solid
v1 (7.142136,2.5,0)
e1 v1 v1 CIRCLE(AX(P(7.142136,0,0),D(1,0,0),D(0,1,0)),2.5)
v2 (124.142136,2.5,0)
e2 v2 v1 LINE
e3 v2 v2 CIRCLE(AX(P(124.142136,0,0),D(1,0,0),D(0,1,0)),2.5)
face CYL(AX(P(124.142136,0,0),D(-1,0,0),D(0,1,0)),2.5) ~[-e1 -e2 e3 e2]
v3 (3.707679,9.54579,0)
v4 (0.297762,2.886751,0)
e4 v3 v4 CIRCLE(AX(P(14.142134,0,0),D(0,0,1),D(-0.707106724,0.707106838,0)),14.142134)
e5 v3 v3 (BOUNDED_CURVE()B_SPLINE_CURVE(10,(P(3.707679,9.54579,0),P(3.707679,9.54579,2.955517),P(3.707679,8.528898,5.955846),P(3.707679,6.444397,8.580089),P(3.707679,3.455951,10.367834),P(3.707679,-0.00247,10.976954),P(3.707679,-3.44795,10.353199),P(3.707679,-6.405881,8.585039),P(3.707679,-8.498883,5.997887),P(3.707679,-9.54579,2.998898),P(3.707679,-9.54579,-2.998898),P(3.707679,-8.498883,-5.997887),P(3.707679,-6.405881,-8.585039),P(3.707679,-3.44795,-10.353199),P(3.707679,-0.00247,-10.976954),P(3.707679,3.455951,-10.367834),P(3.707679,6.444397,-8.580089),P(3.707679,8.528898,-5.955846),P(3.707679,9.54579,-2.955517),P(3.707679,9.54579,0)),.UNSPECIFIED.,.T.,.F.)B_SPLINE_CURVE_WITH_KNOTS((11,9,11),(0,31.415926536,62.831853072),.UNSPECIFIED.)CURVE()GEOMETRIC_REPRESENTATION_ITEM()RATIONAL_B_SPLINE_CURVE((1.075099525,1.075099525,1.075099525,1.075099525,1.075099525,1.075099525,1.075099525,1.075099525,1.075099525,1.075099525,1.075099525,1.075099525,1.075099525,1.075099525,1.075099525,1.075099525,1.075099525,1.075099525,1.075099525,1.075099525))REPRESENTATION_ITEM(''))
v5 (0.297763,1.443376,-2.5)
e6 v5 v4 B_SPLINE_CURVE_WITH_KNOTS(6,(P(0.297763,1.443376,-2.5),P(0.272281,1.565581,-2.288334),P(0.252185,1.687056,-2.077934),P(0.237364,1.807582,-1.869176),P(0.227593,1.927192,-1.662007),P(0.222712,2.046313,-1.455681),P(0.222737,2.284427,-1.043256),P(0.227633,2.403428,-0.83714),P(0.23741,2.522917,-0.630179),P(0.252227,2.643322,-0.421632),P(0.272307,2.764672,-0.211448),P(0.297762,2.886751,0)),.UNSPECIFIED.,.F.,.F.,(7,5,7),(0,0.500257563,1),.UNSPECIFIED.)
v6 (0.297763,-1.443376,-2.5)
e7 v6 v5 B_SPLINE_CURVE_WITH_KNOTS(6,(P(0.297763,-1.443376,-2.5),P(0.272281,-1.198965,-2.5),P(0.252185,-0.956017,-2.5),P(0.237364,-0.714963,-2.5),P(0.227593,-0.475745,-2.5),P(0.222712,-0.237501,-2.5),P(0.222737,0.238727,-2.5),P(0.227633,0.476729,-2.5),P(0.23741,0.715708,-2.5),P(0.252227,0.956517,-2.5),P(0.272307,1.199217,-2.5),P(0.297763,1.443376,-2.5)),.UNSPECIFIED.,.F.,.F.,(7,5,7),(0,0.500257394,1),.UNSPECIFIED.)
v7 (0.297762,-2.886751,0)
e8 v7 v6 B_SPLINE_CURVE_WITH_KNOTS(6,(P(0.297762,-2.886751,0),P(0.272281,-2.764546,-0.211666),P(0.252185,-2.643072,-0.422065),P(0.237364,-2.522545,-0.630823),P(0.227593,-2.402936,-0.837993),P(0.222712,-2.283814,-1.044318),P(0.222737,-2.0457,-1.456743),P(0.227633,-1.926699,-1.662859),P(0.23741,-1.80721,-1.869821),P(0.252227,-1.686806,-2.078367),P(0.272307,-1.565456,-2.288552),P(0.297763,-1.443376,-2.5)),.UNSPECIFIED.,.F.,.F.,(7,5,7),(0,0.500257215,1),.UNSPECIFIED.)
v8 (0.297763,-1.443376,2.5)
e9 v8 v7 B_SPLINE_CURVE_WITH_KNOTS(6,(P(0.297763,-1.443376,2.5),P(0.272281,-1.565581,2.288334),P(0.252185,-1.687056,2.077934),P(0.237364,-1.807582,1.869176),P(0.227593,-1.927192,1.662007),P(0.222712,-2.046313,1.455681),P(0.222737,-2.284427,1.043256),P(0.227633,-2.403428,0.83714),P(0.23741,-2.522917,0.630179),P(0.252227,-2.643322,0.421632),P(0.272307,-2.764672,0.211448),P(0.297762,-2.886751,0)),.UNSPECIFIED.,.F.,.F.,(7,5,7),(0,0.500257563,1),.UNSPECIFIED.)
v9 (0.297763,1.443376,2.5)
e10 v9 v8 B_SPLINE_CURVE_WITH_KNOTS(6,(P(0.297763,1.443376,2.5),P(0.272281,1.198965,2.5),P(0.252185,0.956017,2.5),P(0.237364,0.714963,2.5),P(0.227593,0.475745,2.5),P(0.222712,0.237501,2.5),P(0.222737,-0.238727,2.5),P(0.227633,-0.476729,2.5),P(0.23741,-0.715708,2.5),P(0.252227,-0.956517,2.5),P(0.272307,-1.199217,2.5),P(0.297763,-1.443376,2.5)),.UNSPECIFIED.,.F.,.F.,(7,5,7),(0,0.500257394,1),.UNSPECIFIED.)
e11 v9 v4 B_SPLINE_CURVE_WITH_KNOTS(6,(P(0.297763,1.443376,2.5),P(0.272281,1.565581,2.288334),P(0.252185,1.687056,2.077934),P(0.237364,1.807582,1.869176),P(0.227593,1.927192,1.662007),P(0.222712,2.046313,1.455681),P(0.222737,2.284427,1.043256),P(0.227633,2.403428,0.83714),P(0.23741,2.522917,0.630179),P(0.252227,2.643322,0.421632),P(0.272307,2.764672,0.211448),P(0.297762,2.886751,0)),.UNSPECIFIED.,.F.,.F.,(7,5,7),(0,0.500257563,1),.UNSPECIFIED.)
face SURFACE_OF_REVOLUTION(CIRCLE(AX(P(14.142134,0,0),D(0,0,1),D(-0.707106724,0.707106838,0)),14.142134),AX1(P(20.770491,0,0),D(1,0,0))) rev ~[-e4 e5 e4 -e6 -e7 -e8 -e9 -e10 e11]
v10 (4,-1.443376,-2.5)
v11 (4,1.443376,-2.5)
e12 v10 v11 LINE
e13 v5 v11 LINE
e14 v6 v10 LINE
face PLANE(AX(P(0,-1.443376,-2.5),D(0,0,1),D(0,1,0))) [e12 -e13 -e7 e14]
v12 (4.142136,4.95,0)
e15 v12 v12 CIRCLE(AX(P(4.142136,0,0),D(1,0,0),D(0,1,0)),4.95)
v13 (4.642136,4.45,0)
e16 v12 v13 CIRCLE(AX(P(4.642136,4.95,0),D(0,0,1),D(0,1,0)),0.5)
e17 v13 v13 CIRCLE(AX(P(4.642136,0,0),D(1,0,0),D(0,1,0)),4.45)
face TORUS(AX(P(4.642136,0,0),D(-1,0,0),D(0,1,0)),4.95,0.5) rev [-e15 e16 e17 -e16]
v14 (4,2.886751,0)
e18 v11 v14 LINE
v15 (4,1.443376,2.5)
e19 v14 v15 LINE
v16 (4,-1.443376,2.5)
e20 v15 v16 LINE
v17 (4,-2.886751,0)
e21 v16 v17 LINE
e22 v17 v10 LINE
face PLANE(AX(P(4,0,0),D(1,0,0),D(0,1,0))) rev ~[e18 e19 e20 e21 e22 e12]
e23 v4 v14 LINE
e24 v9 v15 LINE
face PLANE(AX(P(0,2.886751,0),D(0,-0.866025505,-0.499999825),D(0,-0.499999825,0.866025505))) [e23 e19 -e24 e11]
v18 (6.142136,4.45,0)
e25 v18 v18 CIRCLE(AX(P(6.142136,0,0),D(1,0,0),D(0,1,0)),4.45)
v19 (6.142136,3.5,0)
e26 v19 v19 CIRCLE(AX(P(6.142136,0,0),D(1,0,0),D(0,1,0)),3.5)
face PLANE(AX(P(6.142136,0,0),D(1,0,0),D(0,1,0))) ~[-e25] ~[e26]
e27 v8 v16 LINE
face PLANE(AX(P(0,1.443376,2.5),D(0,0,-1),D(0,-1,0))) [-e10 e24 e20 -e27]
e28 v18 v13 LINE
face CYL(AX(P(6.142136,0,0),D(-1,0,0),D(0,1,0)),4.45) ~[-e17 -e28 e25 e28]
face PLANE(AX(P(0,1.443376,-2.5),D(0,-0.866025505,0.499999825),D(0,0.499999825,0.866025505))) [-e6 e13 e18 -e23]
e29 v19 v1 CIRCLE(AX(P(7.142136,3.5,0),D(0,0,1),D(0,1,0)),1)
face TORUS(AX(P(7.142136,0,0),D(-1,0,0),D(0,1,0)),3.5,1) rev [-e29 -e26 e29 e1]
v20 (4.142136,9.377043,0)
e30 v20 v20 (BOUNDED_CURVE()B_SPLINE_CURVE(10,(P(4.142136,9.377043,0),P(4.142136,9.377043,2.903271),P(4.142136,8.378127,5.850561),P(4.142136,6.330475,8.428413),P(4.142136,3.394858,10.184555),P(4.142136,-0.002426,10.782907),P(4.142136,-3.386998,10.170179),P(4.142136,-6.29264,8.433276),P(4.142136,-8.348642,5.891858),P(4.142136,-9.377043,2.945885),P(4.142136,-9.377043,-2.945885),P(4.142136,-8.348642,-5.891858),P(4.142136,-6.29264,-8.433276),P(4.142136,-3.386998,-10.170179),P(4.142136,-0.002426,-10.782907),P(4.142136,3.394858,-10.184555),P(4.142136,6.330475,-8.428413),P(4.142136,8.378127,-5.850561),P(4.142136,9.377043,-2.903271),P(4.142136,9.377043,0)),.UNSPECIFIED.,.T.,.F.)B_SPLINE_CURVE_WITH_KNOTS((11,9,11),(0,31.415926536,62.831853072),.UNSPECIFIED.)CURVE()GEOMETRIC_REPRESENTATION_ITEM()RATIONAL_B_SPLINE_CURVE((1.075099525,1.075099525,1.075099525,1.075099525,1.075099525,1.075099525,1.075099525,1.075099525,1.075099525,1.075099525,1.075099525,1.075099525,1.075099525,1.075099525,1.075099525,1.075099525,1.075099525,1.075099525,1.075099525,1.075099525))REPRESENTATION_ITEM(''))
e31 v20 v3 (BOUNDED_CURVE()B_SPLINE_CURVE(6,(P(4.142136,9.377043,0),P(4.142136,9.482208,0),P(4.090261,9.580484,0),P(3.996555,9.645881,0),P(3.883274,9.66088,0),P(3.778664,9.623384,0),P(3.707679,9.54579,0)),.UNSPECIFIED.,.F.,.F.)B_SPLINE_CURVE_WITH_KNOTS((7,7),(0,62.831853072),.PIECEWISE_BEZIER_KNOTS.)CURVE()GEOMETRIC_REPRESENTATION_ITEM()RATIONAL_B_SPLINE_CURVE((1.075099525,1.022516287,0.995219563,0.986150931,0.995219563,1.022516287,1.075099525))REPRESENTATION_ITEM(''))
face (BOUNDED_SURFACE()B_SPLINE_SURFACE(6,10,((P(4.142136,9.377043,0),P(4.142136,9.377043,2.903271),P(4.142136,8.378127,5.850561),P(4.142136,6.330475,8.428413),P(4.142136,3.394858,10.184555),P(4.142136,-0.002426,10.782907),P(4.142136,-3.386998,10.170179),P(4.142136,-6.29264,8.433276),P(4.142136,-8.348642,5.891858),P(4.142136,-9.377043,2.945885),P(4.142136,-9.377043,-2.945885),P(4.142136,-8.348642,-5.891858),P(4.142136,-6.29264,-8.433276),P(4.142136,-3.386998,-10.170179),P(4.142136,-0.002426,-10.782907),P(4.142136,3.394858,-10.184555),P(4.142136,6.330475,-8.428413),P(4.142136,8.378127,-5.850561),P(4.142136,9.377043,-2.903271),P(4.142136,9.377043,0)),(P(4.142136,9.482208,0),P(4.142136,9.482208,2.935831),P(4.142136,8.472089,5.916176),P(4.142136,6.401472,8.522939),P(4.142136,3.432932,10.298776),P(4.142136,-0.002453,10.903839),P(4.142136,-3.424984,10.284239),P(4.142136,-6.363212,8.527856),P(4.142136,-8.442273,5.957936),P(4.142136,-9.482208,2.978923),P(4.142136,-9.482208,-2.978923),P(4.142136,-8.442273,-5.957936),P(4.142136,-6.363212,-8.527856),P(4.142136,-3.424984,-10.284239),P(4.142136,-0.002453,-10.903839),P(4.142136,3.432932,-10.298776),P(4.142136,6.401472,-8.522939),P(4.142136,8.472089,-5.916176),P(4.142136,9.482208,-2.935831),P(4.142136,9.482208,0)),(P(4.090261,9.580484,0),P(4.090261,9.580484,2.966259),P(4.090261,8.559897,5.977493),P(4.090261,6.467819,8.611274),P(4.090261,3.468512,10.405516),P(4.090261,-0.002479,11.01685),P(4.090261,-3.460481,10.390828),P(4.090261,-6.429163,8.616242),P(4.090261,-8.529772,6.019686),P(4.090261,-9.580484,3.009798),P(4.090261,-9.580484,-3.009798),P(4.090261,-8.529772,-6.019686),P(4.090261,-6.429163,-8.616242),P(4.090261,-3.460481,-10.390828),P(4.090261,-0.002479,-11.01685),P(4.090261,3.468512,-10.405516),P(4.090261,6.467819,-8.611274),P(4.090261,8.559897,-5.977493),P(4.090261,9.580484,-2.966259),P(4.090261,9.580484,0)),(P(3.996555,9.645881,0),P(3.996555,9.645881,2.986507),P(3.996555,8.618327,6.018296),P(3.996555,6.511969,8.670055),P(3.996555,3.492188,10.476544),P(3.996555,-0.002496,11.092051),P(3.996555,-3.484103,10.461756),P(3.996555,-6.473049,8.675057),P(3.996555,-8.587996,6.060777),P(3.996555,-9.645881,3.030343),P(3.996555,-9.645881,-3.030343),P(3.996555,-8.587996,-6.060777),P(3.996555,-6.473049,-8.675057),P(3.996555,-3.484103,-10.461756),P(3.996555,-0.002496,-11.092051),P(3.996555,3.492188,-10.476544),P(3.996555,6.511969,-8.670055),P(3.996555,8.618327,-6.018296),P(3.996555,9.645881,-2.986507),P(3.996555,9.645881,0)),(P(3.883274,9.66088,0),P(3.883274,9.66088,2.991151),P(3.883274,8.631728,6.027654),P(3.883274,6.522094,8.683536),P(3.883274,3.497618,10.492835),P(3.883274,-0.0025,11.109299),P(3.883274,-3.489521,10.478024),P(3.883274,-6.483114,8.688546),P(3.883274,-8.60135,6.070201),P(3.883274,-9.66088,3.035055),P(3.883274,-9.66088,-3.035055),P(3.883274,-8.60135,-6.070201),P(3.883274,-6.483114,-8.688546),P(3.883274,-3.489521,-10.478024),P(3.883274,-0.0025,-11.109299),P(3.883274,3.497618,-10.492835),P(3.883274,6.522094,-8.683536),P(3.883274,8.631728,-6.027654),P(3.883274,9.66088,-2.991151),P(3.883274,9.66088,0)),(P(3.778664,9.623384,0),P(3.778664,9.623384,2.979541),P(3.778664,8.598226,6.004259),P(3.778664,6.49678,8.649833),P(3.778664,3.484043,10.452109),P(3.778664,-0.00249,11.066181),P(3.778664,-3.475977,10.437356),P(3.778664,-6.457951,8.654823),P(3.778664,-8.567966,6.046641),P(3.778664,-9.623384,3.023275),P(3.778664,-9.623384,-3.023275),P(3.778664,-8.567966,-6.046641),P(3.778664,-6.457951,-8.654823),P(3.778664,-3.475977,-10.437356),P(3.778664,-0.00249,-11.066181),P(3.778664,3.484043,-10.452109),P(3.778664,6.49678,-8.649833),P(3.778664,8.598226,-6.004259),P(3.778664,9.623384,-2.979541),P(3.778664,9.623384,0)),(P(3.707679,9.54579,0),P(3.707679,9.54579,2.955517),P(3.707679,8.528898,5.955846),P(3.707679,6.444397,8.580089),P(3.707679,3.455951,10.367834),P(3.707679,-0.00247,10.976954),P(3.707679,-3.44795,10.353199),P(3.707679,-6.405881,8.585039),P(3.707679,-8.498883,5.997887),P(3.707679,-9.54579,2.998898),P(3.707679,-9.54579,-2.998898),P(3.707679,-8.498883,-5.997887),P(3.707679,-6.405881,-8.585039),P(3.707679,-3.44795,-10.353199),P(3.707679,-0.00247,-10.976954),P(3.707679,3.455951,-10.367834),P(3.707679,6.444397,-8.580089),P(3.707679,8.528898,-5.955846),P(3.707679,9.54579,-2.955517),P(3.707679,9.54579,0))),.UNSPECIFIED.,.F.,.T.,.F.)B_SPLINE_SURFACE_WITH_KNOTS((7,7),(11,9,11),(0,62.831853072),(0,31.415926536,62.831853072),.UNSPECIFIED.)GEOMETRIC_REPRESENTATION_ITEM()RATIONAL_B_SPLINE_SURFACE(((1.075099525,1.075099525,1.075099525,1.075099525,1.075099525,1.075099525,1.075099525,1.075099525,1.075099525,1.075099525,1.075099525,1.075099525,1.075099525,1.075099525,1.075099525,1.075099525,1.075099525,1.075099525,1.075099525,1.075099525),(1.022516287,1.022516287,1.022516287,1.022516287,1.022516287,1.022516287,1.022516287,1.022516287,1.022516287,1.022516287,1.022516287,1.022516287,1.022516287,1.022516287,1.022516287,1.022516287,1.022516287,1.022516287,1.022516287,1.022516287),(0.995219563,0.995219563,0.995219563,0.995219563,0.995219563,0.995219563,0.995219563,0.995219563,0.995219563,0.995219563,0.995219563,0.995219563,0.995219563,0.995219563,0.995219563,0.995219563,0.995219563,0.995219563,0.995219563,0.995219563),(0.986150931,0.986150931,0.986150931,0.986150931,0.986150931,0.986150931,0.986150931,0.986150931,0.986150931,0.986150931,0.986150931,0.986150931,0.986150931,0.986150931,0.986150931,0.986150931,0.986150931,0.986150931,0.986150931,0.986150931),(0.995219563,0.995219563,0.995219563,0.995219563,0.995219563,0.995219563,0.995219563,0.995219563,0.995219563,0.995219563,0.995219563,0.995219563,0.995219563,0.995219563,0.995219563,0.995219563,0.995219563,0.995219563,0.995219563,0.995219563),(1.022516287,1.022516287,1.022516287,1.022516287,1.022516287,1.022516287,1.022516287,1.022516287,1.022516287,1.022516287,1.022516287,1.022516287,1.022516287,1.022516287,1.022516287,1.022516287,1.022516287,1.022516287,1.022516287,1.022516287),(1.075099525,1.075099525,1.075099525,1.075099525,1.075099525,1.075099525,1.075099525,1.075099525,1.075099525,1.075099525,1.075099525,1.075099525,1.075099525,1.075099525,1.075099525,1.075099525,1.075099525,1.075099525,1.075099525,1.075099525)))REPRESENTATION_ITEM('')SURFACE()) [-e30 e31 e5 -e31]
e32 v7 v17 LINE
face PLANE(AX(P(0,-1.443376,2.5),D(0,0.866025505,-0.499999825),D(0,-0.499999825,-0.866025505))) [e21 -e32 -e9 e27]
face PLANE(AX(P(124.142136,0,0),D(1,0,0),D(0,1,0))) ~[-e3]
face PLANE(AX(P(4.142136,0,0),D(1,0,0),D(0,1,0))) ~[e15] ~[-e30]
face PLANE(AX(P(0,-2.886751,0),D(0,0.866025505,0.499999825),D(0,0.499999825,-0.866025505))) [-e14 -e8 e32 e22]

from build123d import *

# Parameters (mm, degrees)
F2_R     = 0.25
F3_R     = 0.5
F4_R     = 1
F6_DEPTH = 4


with BuildPart() as f1:
    # F0 (on Top) → F1 (revolve)
    with BuildSketch(Plane.XY):
        with BuildLine():
            Line((0, 0), (124.142136, 0))
            Line((124.142136, 0), (124.142136, 2.5))
            Line((124.142136, 2.5), (6.142136, 2.5))
            Line((6.142136, 2.5), (6.142136, 4.45))
            Line((6.142136, 4.45), (4.142136, 4.45))
            Line((4.142136, 4.45), (4.142136, 10))
            ThreePointArc((4.142136, 10), (1.076506, 5.411961), (0, 0))
        make_face()
    revolve(axis=Axis((20.770491, 0, 0), (1, 0, 0)))

    # F2
    f2_edges = [f1.edges().sort_by_distance(p)[0] for p in [
        (4.142136, -10, 0),
    ]]
    fillet(f2_edges, radius=F2_R)

    # F3
    f3_edges = [f1.edges().sort_by_distance(p)[0] for p in [
        (4.142136, -4.45, 0),
    ]]
    fillet(f3_edges, radius=F3_R)

    # F4
    f4_edges = [f1.edges().sort_by_distance(p)[0] for p in [
        (6.142136, -2.5, 0),
    ]]
    fillet(f4_edges, radius=F4_R)

    # F5 (on Right) → F6 (cut)
    with BuildSketch(Plane.YZ):
        Polygon((-2.886751, 0), (-1.443376, -2.5), (1.443376, -2.5), (2.886751, 0), (1.443376, 2.5), (-1.443376, 2.5), align=None)
    extrude(amount=F6_DEPTH, mode=Mode.SUBTRACT)


solid = f1.part
